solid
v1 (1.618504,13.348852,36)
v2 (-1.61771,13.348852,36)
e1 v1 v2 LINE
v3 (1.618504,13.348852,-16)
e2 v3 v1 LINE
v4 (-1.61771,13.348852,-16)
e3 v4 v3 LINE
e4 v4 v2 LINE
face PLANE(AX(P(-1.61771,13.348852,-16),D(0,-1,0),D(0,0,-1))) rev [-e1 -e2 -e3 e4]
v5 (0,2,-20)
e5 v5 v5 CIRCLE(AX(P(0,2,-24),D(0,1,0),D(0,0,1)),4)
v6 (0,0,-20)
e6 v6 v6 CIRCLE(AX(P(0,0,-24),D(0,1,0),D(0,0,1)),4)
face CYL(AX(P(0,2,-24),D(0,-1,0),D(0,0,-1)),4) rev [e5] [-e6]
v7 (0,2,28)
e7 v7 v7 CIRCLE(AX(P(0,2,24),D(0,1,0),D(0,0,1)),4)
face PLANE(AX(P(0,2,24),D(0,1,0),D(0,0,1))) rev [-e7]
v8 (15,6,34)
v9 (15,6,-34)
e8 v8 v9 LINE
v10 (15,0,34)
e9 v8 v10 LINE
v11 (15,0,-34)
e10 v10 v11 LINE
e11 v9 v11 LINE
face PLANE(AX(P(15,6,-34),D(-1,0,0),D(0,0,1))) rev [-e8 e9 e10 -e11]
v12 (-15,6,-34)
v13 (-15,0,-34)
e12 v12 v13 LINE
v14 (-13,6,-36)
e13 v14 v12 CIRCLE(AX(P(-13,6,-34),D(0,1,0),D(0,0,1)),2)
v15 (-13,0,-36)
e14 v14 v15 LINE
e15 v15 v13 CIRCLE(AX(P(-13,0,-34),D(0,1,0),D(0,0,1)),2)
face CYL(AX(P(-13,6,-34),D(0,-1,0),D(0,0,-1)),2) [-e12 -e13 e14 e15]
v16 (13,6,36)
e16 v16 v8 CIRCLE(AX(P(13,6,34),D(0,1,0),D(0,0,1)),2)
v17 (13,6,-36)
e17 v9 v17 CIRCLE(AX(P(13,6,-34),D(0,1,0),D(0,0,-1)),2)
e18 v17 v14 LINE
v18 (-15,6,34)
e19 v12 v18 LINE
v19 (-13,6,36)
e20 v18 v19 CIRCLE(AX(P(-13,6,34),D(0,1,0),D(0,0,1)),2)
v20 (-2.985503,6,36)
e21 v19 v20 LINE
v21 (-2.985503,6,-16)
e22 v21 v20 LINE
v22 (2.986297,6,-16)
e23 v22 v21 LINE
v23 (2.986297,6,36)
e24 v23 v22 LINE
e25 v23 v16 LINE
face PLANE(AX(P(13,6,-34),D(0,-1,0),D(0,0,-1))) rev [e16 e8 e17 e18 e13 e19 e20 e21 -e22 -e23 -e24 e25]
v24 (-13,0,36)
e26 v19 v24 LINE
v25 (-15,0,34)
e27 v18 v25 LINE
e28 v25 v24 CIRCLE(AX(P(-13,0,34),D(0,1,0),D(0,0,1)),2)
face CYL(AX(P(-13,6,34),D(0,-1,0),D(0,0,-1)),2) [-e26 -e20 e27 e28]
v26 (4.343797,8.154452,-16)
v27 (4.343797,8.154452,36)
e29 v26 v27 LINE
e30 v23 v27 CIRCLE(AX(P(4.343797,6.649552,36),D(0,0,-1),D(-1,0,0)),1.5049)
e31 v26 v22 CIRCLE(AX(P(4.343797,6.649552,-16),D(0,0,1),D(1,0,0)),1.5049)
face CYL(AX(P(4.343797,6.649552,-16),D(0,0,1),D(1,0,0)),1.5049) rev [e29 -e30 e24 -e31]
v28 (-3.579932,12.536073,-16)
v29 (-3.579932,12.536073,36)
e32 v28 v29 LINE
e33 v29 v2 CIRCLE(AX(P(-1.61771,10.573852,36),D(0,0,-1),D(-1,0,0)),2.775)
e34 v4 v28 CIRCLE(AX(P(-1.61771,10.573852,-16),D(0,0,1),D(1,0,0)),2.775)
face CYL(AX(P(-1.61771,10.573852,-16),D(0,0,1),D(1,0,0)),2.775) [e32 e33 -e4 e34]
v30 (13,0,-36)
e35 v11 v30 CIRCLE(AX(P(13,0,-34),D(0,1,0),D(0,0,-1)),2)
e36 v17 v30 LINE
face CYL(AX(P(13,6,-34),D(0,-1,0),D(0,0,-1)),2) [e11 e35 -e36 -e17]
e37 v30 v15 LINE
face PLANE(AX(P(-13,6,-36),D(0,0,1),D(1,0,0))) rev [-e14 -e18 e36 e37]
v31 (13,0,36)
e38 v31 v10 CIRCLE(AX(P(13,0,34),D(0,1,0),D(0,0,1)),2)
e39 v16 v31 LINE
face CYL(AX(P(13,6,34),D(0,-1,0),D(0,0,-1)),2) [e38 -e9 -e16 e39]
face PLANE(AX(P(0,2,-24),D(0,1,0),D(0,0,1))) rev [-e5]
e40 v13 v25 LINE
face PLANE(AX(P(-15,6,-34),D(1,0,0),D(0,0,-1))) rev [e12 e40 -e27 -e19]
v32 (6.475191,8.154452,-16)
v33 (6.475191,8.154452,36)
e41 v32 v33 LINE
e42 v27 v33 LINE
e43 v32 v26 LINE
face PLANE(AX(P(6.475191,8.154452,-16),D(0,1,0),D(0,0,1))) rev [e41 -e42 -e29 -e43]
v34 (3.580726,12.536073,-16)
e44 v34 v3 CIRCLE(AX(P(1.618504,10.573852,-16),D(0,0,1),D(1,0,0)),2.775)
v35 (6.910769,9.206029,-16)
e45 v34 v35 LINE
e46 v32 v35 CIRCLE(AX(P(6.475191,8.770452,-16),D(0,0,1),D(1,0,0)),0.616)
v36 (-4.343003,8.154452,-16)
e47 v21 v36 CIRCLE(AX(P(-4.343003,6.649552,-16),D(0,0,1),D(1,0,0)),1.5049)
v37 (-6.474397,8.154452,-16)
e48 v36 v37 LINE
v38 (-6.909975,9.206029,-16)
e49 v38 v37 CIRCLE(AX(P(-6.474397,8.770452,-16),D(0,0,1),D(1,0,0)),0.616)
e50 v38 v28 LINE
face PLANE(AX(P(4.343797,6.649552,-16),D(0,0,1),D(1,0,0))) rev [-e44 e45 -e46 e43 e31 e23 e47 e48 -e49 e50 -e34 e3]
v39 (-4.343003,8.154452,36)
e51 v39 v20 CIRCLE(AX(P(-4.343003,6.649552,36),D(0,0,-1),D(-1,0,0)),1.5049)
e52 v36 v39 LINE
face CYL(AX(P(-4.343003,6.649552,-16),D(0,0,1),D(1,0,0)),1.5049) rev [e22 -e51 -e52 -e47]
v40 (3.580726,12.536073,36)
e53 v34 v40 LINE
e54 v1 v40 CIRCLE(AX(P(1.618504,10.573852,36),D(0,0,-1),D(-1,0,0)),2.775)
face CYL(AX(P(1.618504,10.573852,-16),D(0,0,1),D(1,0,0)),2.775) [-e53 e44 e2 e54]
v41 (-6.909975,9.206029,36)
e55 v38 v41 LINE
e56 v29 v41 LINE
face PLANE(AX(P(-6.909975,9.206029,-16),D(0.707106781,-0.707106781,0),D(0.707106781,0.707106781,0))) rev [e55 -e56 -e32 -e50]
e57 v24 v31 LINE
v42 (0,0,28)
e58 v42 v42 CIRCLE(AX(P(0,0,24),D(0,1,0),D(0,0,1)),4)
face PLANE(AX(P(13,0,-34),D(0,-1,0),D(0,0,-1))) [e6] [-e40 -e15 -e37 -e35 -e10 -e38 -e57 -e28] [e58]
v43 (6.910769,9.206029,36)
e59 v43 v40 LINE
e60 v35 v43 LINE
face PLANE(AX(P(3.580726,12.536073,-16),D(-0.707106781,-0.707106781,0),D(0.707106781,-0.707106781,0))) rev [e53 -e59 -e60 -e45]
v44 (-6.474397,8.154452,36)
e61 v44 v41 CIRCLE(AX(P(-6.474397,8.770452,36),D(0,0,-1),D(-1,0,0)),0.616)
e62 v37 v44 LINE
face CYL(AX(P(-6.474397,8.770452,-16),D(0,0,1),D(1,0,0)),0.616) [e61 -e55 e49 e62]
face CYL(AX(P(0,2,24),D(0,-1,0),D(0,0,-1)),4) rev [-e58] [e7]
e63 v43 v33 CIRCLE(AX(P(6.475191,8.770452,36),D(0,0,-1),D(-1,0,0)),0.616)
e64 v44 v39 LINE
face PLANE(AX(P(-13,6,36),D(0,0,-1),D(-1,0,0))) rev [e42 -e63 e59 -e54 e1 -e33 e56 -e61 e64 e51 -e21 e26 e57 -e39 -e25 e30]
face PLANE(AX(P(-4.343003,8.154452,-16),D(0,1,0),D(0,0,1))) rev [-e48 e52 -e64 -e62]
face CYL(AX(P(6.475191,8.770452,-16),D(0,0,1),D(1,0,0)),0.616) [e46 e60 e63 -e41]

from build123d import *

# Parameters (mm, degrees)
BOSS_EXTRUDE1_DEPTH      = 6
SKETCH2_R                = 4
CUT_EXTRUDE1_DEPTH       = 2
SKETCH3_W                = 6
SKETCH3_H                = 1.2
BOSS_EXTRUDE2_DEPTH      = 36
BOSS_EXTRUDE2_DEPTH_BACK = 16


with BuildPart() as part:
    # Sketch1 → Boss-Extrude1 (new body)
    with BuildSketch(Plane(origin=(0, 0, 0), x_dir=(1, 0, 0), z_dir=(0, 1, 0))):
        with BuildLine():
            Line((-13, 36), (13, 36))
            ThreePointArc((13, 36), (14.414213562, 35.414213562), (15, 34))
            Line((15, 34), (15, -34))
            ThreePointArc((15, -34), (14.414213562, -35.414213562), (13, -36))
            Line((13, -36), (-13, -36))
            ThreePointArc((-13, -36), (-14.414213562, -35.414213562), (-15, -34))
            Line((-15, -34), (-15, 34))
            ThreePointArc((-15, 34), (-14.414213562, 35.414213562), (-13, 36))
        make_face()
    extrude(amount=BOSS_EXTRUDE1_DEPTH)

    # Sketch2 → Cut-Extrude1 (cut)
    with BuildSketch(Plane(origin=(0, 0, 0), x_dir=(1, 0, 0), z_dir=(0, 1, 0))):
        with Locations((0, 24)):
            Circle(SKETCH2_R)
        with Locations((0, -24)):
            Circle(SKETCH2_R)
    extrude(amount=CUT_EXTRUDE1_DEPTH, mode=Mode.SUBTRACT)

    # Sketch3 → Boss-Extrude2 (add, two sides)
    with BuildSketch(Plane.XY) as boss_extrude2_sk:
        with BuildLine():
            Line((-4.343002999, 5.144651552), (-4.916686599, 5.144651552))
            Line((-4.916686599, 5.144651552), (-4.916686599, 3.944651552))
            Line((-4.916686599, 3.944651552), (4.917480601, 3.944651552))
            Line((4.917480601, 3.944651552), (4.917480601, 5.144651552))
            Line((4.917480601, 5.144651552), (4.343796972, 5.144651552))
            ThreePointArc((4.343796972, 5.144651552), (2.838896972, 6.649551552), (4.343796972, 8.154451552))
            Line((4.343796972, 8.154451552), (6.475191456, 8.154451552))
            ThreePointArc((6.475191456, 8.154451552), (7.044301248, 8.534718558), (6.910769234, 9.206029329))
            Line((6.910769234, 9.206029329), (3.580725693, 12.53607287))
            ThreePointArc((3.580725693, 12.53607287), (2.6804509, 13.137617255), (1.618504375, 13.348851552))
            Line((1.618504375, 13.348851552), (-1.617710374, 13.348851552))
            ThreePointArc((-1.617710374, 13.348851552), (-2.679656898, 13.137617255), (-3.579931691, 12.53607287))
            Line((-3.579931691, 12.53607287), (-6.909975232, 9.206029329))
            ThreePointArc((-6.909975232, 9.206029329), (-7.043507247, 8.534718558), (-6.474397455, 8.154451552))
            Line((-6.474397455, 8.154451552), (-4.343002999, 8.154451552))
            ThreePointArc((-4.343002999, 8.154451552), (-2.838102999, 6.649551552), (-4.343002999, 5.144651552))
        make_face()
        with Locations((-7.916686599, 4.544651552)):
            Rectangle(SKETCH3_W, SKETCH3_H)
        with Locations((7.917480601, 4.544651552)):
            Rectangle(SKETCH3_W, SKETCH3_H)
    extrude(amount=BOSS_EXTRUDE2_DEPTH)
    extrude(boss_extrude2_sk.sketch, amount=-BOSS_EXTRUDE2_DEPTH_BACK)


solid = part.part
